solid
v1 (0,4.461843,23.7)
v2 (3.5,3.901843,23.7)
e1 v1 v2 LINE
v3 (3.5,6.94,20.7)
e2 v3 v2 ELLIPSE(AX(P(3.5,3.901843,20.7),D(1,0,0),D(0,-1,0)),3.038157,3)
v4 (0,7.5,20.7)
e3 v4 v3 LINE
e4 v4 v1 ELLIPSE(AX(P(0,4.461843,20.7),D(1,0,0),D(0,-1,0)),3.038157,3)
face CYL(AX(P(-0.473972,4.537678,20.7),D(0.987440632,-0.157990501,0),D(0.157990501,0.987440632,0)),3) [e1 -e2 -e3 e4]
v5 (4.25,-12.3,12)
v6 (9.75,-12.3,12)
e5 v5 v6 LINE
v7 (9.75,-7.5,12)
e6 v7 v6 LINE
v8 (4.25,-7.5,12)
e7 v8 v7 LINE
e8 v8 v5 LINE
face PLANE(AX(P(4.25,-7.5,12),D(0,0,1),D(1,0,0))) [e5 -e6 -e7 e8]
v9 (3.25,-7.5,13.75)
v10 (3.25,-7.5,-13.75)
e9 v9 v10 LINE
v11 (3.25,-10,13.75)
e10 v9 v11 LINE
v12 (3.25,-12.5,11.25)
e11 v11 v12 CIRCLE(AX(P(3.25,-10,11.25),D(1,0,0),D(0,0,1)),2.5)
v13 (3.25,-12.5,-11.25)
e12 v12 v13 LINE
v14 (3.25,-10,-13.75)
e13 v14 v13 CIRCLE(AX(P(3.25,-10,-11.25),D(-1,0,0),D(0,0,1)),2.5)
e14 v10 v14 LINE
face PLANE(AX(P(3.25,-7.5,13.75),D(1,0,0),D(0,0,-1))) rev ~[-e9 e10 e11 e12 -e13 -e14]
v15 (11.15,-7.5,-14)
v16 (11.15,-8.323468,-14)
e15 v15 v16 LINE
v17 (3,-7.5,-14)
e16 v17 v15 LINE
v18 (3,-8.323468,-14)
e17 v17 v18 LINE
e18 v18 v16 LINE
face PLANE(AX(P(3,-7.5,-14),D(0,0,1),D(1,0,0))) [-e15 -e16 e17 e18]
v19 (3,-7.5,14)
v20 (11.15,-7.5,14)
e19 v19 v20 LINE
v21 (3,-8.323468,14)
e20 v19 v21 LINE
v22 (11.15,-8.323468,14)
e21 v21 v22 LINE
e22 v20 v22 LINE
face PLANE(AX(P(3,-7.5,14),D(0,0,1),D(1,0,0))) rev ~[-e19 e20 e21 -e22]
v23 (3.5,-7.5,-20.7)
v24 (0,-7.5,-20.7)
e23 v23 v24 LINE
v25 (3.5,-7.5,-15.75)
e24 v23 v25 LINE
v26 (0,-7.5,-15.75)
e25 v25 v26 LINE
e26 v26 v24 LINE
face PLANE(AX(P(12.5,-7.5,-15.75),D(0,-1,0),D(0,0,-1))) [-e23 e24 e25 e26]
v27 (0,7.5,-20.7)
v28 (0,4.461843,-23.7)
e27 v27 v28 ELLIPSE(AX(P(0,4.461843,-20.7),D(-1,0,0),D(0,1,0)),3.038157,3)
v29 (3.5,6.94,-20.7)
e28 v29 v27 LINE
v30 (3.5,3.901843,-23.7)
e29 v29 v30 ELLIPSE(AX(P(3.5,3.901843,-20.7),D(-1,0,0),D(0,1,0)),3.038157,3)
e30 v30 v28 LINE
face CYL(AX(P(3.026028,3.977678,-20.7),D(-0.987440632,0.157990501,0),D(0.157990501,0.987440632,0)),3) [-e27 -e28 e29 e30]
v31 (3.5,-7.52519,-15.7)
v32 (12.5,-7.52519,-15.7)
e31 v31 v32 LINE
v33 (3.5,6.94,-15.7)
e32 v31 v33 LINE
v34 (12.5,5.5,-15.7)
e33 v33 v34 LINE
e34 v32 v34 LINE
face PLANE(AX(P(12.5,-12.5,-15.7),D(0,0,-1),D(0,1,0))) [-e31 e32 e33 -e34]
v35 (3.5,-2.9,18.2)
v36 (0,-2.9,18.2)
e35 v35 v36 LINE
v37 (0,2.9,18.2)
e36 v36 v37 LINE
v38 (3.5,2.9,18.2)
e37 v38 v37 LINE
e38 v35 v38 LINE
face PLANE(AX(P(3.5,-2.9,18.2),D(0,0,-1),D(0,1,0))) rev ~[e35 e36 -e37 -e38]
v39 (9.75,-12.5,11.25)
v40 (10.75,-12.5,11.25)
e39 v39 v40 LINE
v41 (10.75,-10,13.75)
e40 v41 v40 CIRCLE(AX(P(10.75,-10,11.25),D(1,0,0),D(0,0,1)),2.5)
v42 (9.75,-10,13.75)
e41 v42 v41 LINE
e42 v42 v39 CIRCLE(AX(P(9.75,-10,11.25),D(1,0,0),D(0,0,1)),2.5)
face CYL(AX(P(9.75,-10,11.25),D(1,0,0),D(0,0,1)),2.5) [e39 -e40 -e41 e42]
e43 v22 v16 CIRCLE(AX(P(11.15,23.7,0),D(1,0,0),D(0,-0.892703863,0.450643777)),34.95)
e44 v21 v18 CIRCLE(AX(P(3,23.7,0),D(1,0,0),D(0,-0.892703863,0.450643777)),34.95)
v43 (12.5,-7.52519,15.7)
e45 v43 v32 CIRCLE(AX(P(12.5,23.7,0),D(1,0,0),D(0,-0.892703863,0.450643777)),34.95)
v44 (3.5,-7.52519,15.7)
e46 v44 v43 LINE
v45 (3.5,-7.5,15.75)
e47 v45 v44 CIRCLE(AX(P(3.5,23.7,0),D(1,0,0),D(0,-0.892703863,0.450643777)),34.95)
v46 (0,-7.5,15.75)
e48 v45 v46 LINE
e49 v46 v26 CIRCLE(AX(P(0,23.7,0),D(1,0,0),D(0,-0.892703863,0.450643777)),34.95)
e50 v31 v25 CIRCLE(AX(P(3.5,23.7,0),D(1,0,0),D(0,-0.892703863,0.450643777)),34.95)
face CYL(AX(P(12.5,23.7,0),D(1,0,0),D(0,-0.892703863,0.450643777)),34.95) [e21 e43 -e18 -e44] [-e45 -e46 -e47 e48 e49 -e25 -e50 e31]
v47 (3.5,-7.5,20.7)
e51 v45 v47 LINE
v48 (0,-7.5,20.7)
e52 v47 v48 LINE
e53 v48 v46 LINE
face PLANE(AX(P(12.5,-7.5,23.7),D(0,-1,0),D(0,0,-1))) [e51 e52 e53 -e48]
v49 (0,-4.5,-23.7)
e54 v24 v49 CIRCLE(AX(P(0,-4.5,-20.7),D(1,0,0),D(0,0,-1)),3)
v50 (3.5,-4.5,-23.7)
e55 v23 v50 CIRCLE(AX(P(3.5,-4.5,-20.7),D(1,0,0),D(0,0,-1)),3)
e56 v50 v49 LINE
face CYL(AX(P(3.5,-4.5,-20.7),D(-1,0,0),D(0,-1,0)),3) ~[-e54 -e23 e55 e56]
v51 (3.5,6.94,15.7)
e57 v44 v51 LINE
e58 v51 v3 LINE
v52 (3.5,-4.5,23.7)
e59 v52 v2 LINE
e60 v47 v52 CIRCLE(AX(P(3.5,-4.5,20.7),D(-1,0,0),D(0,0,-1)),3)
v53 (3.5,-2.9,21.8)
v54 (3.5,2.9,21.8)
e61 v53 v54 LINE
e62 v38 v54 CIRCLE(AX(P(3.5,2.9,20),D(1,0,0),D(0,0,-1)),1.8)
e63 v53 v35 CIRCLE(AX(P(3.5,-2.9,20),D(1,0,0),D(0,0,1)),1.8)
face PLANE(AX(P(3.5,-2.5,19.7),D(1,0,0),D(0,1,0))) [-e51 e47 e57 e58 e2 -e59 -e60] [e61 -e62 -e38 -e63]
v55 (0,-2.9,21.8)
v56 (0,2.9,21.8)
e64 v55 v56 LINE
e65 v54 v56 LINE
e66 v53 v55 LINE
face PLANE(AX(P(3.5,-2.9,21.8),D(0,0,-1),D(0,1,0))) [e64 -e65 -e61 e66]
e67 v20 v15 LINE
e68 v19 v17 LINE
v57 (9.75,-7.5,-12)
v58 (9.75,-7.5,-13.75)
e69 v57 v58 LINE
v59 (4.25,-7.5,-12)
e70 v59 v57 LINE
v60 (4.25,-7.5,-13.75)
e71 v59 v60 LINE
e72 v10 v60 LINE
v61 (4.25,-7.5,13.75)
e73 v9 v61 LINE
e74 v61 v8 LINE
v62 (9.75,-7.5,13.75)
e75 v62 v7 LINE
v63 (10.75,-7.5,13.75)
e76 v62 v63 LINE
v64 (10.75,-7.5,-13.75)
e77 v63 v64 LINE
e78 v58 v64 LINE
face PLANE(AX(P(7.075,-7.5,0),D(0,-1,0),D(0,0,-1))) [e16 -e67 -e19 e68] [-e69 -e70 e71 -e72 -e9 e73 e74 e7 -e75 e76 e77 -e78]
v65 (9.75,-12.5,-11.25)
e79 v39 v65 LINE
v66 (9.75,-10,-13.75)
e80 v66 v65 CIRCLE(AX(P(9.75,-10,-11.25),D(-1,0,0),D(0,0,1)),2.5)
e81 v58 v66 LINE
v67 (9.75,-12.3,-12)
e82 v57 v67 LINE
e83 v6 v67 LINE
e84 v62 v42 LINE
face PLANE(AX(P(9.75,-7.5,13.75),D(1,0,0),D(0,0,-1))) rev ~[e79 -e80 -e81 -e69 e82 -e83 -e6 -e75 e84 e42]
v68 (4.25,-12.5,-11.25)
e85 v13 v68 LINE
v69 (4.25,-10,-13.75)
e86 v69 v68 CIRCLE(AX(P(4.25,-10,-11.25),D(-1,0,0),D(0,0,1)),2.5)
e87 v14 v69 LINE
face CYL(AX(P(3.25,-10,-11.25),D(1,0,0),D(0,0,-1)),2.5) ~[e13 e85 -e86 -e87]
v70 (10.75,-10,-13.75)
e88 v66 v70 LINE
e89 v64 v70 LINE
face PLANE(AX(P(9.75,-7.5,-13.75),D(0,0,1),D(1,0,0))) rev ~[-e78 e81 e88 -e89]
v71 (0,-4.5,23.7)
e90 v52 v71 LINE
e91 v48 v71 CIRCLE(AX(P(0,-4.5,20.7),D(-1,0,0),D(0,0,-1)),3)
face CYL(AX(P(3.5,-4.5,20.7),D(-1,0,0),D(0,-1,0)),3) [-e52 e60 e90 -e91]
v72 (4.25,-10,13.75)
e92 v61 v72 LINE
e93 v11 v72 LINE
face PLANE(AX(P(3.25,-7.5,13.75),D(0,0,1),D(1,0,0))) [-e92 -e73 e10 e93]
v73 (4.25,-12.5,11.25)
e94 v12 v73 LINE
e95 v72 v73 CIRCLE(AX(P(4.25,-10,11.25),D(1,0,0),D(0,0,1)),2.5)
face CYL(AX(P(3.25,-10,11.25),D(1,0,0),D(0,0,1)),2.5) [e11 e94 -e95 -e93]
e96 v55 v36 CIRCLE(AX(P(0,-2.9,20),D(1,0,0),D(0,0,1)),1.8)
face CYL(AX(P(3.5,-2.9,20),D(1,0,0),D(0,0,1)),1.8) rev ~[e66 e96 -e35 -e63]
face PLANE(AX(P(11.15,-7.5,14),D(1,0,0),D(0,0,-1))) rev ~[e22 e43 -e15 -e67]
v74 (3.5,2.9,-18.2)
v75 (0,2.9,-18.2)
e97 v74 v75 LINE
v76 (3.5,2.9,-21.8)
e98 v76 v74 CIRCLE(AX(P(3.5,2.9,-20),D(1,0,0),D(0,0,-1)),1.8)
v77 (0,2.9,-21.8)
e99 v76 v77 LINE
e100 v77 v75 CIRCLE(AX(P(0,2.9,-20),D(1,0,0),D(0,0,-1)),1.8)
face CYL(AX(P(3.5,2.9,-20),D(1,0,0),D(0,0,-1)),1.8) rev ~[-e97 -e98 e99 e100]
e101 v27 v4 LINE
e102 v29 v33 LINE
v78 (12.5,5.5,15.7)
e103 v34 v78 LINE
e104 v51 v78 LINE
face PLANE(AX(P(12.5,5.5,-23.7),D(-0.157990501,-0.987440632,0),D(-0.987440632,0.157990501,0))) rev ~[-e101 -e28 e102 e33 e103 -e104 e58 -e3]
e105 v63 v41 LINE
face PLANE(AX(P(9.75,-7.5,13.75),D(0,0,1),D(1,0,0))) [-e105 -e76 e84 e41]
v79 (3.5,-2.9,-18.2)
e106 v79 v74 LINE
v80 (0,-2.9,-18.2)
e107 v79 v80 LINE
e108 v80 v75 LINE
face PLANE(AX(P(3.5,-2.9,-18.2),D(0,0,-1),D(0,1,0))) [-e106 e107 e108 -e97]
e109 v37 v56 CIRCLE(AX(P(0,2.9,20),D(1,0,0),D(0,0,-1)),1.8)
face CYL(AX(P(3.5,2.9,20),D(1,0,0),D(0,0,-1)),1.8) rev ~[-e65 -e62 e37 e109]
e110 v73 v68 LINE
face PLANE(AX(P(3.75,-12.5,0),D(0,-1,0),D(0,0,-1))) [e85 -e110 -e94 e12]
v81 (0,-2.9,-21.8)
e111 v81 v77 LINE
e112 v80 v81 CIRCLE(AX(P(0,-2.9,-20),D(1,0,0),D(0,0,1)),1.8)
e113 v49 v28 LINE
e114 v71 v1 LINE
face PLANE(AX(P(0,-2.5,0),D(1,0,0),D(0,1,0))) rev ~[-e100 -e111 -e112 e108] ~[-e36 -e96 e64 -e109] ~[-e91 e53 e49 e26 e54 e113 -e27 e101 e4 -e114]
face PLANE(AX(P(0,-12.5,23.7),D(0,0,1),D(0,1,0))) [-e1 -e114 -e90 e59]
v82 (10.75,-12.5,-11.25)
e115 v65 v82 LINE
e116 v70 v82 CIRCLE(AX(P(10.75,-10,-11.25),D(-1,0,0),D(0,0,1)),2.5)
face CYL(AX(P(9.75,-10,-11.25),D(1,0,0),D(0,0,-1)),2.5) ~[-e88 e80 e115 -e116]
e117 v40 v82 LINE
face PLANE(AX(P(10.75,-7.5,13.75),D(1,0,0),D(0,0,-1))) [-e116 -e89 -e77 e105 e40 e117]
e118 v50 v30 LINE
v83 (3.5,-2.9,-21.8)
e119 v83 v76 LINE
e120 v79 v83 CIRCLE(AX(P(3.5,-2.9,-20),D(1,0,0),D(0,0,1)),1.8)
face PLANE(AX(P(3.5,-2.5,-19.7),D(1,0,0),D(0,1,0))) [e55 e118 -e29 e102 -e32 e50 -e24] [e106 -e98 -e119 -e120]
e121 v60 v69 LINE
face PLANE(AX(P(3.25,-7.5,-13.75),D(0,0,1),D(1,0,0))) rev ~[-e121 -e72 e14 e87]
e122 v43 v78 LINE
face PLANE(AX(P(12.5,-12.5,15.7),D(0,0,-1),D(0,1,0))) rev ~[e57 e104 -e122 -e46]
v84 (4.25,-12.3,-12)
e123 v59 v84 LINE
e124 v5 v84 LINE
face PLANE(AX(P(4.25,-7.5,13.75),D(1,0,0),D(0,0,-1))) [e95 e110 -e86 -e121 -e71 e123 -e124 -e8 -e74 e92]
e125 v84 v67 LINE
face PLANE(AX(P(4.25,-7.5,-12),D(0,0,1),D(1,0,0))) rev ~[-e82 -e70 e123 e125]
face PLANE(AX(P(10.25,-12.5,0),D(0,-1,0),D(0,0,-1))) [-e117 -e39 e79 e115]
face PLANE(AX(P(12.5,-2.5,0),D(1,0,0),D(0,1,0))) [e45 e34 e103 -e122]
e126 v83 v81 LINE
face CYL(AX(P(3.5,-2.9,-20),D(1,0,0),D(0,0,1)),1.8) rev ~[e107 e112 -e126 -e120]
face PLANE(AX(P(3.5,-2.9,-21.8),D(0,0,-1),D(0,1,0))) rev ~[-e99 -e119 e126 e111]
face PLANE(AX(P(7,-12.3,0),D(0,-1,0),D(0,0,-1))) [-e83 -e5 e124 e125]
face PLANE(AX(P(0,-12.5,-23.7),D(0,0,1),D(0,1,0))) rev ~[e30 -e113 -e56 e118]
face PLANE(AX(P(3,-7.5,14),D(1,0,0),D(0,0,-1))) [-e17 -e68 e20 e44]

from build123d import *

# Parameters (mm, degrees)
SKETCH_W        = 20
SKETCH_H        = 47.4
PAD_DEPTH       = 12.5
POCKET_DEPTH    = 12.501
POCKET001_DEPTH = 47.401
SKETCH003_W     = 20
SKETCH003_H     = 8
POCKET002_DEPTH = 9
SKETCH004_W     = 28
SKETCH004_H     = 8.15
POCKET003_DEPTH = 3.751
SKETCH005_W     = 27.5
SKETCH005_H     = 1
PAD001_DEPTH    = 5
SKETCH006_W     = 24
SKETCH006_H     = 5.5
PAD002_DEPTH    = 4.8
FILLET_R        = 2.5
FILLET001_R     = 3
POCKET004_DEPTH = 3.501


with BuildPart() as part:
    # Sketch → Pad (new body)
    with BuildSketch(Plane.YZ):
        with Locations((-2.5, 0)):
            Rectangle(SKETCH_W, SKETCH_H)
    extrude(amount=PAD_DEPTH)

    # Sketch001 (on Face6 of Pad) → Pocket (cut, through all)
    with BuildSketch(Plane.YZ.offset(12.5)):
        with BuildLine():
            Line((-7.5, 23.7), (-7.5, 15.75))
            ThreePointArc((-7.5, 15.75), (-11.25, 0), (-7.5, -15.75))
            Line((-7.5, -15.75), (-7.5, -23.7))
            Line((-7.5, -23.7), (-12.5, -23.7))
            Line((-12.5, -23.7), (-12.5, 23.7))
            Line((-12.5, 23.7), (-7.5, 23.7))
        make_face()
    extrude(amount=-POCKET_DEPTH, mode=Mode.SUBTRACT)

    # Sketch002 (on Face6 of Pocket) → Pocket001 (cut, through all)
    with BuildSketch(Plane.YX.offset(23.7)):
        Polygon((7.5, 0), (7.5, 12.5), (5.5, 12.5), align=None)
    extrude(amount=-POCKET001_DEPTH, mode=Mode.SUBTRACT)

    # Sketch003 (on Face4 of Pocket001) → Pocket002 (cut)
    with BuildSketch(Plane.YZ.offset(12.5)):
        with Locations((-2.5, 19.7)):
            Rectangle(SKETCH003_W, SKETCH003_H)
        with Locations((-2.5, -19.7)):
            Rectangle(SKETCH003_W, SKETCH003_H)
    extrude(amount=-POCKET002_DEPTH, mode=Mode.SUBTRACT)

    # Sketch004 (on Face3 of Pocket002) → Pocket003 (cut, through all)
    with BuildSketch(Plane(origin=(0, -7.5, 0), x_dir=(0, 0, -1), z_dir=(0, -1, 0))):
        with Locations((0, 7.075)):
            Rectangle(SKETCH004_W, SKETCH004_H)
    extrude(amount=POCKET003_DEPTH, mode=Mode.SUBTRACT)

    # Sketch005 (on Face17 of Pocket003) → Pad001 (join)
    with BuildSketch(Plane(origin=(0, -7.5, 0), x_dir=(0, 0, -1), z_dir=(0, -1, 0))):
        with Locations((0, 10.25)):
            Rectangle(SKETCH005_W, SKETCH005_H)
        with Locations((0, 3.75)):
            Rectangle(SKETCH005_W, SKETCH005_H)
    extrude(amount=PAD001_DEPTH)

    # Sketch006 (on Face17 of Pad001) → Pad002 (join)
    with BuildSketch(Plane(origin=(0, -7.5, 0), x_dir=(0, 0, -1), z_dir=(0, -1, 0))):
        with Locations((0, 7)):
            Rectangle(SKETCH006_W, SKETCH006_H)
    extrude(amount=PAD002_DEPTH)

    # Fillet
    fillet_edges = [part.edges().sort_by_distance(p)[0] for p in [
        (10.25, -12.5, 13.75),
        (3.75, -12.5, 13.75),
        (10.25, -12.5, -13.75),
        (3.75, -12.5, -13.75),
    ]]
    fillet(fillet_edges, radius=FILLET_R)

    # Fillet001
    fillet001_edges = [part.edges().sort_by_distance(p)[0] for p in [
        (1.75, -7.5, 23.7),
        (1.75, 7.22, 23.7),
        (1.75, 7.22, -23.7),
        (1.75, -7.5, -23.7),
    ]]
    fillet(fillet001_edges, radius=FILLET001_R)

    # Sketch007 (on Face12 of Fillet001) → Pocket004 (cut, through all)
    with BuildSketch(Plane.YZ.offset(3.5)):
        with BuildLine():
            ThreePointArc((-2.9, 21.8), (-4.7, 20), (-2.9, 18.2))
            Line((-2.9, 18.2), (2.9, 18.2))
            ThreePointArc((2.9, 18.2), (4.7, 20), (2.9, 21.8))
            Line((-2.9, 21.8), (2.9, 21.8))
        make_face()
        with BuildLine():
            ThreePointArc((-2.9, -18.2), (-4.7, -20), (-2.9, -21.8))
            Line((-2.9, -21.8), (2.9, -21.8))
            ThreePointArc((2.9, -21.8), (4.7, -20), (2.9, -18.2))
            Line((-2.9, -18.2), (2.9, -18.2))
        make_face()
    extrude(amount=-POCKET004_DEPTH, mode=Mode.SUBTRACT)


solid = part.part
